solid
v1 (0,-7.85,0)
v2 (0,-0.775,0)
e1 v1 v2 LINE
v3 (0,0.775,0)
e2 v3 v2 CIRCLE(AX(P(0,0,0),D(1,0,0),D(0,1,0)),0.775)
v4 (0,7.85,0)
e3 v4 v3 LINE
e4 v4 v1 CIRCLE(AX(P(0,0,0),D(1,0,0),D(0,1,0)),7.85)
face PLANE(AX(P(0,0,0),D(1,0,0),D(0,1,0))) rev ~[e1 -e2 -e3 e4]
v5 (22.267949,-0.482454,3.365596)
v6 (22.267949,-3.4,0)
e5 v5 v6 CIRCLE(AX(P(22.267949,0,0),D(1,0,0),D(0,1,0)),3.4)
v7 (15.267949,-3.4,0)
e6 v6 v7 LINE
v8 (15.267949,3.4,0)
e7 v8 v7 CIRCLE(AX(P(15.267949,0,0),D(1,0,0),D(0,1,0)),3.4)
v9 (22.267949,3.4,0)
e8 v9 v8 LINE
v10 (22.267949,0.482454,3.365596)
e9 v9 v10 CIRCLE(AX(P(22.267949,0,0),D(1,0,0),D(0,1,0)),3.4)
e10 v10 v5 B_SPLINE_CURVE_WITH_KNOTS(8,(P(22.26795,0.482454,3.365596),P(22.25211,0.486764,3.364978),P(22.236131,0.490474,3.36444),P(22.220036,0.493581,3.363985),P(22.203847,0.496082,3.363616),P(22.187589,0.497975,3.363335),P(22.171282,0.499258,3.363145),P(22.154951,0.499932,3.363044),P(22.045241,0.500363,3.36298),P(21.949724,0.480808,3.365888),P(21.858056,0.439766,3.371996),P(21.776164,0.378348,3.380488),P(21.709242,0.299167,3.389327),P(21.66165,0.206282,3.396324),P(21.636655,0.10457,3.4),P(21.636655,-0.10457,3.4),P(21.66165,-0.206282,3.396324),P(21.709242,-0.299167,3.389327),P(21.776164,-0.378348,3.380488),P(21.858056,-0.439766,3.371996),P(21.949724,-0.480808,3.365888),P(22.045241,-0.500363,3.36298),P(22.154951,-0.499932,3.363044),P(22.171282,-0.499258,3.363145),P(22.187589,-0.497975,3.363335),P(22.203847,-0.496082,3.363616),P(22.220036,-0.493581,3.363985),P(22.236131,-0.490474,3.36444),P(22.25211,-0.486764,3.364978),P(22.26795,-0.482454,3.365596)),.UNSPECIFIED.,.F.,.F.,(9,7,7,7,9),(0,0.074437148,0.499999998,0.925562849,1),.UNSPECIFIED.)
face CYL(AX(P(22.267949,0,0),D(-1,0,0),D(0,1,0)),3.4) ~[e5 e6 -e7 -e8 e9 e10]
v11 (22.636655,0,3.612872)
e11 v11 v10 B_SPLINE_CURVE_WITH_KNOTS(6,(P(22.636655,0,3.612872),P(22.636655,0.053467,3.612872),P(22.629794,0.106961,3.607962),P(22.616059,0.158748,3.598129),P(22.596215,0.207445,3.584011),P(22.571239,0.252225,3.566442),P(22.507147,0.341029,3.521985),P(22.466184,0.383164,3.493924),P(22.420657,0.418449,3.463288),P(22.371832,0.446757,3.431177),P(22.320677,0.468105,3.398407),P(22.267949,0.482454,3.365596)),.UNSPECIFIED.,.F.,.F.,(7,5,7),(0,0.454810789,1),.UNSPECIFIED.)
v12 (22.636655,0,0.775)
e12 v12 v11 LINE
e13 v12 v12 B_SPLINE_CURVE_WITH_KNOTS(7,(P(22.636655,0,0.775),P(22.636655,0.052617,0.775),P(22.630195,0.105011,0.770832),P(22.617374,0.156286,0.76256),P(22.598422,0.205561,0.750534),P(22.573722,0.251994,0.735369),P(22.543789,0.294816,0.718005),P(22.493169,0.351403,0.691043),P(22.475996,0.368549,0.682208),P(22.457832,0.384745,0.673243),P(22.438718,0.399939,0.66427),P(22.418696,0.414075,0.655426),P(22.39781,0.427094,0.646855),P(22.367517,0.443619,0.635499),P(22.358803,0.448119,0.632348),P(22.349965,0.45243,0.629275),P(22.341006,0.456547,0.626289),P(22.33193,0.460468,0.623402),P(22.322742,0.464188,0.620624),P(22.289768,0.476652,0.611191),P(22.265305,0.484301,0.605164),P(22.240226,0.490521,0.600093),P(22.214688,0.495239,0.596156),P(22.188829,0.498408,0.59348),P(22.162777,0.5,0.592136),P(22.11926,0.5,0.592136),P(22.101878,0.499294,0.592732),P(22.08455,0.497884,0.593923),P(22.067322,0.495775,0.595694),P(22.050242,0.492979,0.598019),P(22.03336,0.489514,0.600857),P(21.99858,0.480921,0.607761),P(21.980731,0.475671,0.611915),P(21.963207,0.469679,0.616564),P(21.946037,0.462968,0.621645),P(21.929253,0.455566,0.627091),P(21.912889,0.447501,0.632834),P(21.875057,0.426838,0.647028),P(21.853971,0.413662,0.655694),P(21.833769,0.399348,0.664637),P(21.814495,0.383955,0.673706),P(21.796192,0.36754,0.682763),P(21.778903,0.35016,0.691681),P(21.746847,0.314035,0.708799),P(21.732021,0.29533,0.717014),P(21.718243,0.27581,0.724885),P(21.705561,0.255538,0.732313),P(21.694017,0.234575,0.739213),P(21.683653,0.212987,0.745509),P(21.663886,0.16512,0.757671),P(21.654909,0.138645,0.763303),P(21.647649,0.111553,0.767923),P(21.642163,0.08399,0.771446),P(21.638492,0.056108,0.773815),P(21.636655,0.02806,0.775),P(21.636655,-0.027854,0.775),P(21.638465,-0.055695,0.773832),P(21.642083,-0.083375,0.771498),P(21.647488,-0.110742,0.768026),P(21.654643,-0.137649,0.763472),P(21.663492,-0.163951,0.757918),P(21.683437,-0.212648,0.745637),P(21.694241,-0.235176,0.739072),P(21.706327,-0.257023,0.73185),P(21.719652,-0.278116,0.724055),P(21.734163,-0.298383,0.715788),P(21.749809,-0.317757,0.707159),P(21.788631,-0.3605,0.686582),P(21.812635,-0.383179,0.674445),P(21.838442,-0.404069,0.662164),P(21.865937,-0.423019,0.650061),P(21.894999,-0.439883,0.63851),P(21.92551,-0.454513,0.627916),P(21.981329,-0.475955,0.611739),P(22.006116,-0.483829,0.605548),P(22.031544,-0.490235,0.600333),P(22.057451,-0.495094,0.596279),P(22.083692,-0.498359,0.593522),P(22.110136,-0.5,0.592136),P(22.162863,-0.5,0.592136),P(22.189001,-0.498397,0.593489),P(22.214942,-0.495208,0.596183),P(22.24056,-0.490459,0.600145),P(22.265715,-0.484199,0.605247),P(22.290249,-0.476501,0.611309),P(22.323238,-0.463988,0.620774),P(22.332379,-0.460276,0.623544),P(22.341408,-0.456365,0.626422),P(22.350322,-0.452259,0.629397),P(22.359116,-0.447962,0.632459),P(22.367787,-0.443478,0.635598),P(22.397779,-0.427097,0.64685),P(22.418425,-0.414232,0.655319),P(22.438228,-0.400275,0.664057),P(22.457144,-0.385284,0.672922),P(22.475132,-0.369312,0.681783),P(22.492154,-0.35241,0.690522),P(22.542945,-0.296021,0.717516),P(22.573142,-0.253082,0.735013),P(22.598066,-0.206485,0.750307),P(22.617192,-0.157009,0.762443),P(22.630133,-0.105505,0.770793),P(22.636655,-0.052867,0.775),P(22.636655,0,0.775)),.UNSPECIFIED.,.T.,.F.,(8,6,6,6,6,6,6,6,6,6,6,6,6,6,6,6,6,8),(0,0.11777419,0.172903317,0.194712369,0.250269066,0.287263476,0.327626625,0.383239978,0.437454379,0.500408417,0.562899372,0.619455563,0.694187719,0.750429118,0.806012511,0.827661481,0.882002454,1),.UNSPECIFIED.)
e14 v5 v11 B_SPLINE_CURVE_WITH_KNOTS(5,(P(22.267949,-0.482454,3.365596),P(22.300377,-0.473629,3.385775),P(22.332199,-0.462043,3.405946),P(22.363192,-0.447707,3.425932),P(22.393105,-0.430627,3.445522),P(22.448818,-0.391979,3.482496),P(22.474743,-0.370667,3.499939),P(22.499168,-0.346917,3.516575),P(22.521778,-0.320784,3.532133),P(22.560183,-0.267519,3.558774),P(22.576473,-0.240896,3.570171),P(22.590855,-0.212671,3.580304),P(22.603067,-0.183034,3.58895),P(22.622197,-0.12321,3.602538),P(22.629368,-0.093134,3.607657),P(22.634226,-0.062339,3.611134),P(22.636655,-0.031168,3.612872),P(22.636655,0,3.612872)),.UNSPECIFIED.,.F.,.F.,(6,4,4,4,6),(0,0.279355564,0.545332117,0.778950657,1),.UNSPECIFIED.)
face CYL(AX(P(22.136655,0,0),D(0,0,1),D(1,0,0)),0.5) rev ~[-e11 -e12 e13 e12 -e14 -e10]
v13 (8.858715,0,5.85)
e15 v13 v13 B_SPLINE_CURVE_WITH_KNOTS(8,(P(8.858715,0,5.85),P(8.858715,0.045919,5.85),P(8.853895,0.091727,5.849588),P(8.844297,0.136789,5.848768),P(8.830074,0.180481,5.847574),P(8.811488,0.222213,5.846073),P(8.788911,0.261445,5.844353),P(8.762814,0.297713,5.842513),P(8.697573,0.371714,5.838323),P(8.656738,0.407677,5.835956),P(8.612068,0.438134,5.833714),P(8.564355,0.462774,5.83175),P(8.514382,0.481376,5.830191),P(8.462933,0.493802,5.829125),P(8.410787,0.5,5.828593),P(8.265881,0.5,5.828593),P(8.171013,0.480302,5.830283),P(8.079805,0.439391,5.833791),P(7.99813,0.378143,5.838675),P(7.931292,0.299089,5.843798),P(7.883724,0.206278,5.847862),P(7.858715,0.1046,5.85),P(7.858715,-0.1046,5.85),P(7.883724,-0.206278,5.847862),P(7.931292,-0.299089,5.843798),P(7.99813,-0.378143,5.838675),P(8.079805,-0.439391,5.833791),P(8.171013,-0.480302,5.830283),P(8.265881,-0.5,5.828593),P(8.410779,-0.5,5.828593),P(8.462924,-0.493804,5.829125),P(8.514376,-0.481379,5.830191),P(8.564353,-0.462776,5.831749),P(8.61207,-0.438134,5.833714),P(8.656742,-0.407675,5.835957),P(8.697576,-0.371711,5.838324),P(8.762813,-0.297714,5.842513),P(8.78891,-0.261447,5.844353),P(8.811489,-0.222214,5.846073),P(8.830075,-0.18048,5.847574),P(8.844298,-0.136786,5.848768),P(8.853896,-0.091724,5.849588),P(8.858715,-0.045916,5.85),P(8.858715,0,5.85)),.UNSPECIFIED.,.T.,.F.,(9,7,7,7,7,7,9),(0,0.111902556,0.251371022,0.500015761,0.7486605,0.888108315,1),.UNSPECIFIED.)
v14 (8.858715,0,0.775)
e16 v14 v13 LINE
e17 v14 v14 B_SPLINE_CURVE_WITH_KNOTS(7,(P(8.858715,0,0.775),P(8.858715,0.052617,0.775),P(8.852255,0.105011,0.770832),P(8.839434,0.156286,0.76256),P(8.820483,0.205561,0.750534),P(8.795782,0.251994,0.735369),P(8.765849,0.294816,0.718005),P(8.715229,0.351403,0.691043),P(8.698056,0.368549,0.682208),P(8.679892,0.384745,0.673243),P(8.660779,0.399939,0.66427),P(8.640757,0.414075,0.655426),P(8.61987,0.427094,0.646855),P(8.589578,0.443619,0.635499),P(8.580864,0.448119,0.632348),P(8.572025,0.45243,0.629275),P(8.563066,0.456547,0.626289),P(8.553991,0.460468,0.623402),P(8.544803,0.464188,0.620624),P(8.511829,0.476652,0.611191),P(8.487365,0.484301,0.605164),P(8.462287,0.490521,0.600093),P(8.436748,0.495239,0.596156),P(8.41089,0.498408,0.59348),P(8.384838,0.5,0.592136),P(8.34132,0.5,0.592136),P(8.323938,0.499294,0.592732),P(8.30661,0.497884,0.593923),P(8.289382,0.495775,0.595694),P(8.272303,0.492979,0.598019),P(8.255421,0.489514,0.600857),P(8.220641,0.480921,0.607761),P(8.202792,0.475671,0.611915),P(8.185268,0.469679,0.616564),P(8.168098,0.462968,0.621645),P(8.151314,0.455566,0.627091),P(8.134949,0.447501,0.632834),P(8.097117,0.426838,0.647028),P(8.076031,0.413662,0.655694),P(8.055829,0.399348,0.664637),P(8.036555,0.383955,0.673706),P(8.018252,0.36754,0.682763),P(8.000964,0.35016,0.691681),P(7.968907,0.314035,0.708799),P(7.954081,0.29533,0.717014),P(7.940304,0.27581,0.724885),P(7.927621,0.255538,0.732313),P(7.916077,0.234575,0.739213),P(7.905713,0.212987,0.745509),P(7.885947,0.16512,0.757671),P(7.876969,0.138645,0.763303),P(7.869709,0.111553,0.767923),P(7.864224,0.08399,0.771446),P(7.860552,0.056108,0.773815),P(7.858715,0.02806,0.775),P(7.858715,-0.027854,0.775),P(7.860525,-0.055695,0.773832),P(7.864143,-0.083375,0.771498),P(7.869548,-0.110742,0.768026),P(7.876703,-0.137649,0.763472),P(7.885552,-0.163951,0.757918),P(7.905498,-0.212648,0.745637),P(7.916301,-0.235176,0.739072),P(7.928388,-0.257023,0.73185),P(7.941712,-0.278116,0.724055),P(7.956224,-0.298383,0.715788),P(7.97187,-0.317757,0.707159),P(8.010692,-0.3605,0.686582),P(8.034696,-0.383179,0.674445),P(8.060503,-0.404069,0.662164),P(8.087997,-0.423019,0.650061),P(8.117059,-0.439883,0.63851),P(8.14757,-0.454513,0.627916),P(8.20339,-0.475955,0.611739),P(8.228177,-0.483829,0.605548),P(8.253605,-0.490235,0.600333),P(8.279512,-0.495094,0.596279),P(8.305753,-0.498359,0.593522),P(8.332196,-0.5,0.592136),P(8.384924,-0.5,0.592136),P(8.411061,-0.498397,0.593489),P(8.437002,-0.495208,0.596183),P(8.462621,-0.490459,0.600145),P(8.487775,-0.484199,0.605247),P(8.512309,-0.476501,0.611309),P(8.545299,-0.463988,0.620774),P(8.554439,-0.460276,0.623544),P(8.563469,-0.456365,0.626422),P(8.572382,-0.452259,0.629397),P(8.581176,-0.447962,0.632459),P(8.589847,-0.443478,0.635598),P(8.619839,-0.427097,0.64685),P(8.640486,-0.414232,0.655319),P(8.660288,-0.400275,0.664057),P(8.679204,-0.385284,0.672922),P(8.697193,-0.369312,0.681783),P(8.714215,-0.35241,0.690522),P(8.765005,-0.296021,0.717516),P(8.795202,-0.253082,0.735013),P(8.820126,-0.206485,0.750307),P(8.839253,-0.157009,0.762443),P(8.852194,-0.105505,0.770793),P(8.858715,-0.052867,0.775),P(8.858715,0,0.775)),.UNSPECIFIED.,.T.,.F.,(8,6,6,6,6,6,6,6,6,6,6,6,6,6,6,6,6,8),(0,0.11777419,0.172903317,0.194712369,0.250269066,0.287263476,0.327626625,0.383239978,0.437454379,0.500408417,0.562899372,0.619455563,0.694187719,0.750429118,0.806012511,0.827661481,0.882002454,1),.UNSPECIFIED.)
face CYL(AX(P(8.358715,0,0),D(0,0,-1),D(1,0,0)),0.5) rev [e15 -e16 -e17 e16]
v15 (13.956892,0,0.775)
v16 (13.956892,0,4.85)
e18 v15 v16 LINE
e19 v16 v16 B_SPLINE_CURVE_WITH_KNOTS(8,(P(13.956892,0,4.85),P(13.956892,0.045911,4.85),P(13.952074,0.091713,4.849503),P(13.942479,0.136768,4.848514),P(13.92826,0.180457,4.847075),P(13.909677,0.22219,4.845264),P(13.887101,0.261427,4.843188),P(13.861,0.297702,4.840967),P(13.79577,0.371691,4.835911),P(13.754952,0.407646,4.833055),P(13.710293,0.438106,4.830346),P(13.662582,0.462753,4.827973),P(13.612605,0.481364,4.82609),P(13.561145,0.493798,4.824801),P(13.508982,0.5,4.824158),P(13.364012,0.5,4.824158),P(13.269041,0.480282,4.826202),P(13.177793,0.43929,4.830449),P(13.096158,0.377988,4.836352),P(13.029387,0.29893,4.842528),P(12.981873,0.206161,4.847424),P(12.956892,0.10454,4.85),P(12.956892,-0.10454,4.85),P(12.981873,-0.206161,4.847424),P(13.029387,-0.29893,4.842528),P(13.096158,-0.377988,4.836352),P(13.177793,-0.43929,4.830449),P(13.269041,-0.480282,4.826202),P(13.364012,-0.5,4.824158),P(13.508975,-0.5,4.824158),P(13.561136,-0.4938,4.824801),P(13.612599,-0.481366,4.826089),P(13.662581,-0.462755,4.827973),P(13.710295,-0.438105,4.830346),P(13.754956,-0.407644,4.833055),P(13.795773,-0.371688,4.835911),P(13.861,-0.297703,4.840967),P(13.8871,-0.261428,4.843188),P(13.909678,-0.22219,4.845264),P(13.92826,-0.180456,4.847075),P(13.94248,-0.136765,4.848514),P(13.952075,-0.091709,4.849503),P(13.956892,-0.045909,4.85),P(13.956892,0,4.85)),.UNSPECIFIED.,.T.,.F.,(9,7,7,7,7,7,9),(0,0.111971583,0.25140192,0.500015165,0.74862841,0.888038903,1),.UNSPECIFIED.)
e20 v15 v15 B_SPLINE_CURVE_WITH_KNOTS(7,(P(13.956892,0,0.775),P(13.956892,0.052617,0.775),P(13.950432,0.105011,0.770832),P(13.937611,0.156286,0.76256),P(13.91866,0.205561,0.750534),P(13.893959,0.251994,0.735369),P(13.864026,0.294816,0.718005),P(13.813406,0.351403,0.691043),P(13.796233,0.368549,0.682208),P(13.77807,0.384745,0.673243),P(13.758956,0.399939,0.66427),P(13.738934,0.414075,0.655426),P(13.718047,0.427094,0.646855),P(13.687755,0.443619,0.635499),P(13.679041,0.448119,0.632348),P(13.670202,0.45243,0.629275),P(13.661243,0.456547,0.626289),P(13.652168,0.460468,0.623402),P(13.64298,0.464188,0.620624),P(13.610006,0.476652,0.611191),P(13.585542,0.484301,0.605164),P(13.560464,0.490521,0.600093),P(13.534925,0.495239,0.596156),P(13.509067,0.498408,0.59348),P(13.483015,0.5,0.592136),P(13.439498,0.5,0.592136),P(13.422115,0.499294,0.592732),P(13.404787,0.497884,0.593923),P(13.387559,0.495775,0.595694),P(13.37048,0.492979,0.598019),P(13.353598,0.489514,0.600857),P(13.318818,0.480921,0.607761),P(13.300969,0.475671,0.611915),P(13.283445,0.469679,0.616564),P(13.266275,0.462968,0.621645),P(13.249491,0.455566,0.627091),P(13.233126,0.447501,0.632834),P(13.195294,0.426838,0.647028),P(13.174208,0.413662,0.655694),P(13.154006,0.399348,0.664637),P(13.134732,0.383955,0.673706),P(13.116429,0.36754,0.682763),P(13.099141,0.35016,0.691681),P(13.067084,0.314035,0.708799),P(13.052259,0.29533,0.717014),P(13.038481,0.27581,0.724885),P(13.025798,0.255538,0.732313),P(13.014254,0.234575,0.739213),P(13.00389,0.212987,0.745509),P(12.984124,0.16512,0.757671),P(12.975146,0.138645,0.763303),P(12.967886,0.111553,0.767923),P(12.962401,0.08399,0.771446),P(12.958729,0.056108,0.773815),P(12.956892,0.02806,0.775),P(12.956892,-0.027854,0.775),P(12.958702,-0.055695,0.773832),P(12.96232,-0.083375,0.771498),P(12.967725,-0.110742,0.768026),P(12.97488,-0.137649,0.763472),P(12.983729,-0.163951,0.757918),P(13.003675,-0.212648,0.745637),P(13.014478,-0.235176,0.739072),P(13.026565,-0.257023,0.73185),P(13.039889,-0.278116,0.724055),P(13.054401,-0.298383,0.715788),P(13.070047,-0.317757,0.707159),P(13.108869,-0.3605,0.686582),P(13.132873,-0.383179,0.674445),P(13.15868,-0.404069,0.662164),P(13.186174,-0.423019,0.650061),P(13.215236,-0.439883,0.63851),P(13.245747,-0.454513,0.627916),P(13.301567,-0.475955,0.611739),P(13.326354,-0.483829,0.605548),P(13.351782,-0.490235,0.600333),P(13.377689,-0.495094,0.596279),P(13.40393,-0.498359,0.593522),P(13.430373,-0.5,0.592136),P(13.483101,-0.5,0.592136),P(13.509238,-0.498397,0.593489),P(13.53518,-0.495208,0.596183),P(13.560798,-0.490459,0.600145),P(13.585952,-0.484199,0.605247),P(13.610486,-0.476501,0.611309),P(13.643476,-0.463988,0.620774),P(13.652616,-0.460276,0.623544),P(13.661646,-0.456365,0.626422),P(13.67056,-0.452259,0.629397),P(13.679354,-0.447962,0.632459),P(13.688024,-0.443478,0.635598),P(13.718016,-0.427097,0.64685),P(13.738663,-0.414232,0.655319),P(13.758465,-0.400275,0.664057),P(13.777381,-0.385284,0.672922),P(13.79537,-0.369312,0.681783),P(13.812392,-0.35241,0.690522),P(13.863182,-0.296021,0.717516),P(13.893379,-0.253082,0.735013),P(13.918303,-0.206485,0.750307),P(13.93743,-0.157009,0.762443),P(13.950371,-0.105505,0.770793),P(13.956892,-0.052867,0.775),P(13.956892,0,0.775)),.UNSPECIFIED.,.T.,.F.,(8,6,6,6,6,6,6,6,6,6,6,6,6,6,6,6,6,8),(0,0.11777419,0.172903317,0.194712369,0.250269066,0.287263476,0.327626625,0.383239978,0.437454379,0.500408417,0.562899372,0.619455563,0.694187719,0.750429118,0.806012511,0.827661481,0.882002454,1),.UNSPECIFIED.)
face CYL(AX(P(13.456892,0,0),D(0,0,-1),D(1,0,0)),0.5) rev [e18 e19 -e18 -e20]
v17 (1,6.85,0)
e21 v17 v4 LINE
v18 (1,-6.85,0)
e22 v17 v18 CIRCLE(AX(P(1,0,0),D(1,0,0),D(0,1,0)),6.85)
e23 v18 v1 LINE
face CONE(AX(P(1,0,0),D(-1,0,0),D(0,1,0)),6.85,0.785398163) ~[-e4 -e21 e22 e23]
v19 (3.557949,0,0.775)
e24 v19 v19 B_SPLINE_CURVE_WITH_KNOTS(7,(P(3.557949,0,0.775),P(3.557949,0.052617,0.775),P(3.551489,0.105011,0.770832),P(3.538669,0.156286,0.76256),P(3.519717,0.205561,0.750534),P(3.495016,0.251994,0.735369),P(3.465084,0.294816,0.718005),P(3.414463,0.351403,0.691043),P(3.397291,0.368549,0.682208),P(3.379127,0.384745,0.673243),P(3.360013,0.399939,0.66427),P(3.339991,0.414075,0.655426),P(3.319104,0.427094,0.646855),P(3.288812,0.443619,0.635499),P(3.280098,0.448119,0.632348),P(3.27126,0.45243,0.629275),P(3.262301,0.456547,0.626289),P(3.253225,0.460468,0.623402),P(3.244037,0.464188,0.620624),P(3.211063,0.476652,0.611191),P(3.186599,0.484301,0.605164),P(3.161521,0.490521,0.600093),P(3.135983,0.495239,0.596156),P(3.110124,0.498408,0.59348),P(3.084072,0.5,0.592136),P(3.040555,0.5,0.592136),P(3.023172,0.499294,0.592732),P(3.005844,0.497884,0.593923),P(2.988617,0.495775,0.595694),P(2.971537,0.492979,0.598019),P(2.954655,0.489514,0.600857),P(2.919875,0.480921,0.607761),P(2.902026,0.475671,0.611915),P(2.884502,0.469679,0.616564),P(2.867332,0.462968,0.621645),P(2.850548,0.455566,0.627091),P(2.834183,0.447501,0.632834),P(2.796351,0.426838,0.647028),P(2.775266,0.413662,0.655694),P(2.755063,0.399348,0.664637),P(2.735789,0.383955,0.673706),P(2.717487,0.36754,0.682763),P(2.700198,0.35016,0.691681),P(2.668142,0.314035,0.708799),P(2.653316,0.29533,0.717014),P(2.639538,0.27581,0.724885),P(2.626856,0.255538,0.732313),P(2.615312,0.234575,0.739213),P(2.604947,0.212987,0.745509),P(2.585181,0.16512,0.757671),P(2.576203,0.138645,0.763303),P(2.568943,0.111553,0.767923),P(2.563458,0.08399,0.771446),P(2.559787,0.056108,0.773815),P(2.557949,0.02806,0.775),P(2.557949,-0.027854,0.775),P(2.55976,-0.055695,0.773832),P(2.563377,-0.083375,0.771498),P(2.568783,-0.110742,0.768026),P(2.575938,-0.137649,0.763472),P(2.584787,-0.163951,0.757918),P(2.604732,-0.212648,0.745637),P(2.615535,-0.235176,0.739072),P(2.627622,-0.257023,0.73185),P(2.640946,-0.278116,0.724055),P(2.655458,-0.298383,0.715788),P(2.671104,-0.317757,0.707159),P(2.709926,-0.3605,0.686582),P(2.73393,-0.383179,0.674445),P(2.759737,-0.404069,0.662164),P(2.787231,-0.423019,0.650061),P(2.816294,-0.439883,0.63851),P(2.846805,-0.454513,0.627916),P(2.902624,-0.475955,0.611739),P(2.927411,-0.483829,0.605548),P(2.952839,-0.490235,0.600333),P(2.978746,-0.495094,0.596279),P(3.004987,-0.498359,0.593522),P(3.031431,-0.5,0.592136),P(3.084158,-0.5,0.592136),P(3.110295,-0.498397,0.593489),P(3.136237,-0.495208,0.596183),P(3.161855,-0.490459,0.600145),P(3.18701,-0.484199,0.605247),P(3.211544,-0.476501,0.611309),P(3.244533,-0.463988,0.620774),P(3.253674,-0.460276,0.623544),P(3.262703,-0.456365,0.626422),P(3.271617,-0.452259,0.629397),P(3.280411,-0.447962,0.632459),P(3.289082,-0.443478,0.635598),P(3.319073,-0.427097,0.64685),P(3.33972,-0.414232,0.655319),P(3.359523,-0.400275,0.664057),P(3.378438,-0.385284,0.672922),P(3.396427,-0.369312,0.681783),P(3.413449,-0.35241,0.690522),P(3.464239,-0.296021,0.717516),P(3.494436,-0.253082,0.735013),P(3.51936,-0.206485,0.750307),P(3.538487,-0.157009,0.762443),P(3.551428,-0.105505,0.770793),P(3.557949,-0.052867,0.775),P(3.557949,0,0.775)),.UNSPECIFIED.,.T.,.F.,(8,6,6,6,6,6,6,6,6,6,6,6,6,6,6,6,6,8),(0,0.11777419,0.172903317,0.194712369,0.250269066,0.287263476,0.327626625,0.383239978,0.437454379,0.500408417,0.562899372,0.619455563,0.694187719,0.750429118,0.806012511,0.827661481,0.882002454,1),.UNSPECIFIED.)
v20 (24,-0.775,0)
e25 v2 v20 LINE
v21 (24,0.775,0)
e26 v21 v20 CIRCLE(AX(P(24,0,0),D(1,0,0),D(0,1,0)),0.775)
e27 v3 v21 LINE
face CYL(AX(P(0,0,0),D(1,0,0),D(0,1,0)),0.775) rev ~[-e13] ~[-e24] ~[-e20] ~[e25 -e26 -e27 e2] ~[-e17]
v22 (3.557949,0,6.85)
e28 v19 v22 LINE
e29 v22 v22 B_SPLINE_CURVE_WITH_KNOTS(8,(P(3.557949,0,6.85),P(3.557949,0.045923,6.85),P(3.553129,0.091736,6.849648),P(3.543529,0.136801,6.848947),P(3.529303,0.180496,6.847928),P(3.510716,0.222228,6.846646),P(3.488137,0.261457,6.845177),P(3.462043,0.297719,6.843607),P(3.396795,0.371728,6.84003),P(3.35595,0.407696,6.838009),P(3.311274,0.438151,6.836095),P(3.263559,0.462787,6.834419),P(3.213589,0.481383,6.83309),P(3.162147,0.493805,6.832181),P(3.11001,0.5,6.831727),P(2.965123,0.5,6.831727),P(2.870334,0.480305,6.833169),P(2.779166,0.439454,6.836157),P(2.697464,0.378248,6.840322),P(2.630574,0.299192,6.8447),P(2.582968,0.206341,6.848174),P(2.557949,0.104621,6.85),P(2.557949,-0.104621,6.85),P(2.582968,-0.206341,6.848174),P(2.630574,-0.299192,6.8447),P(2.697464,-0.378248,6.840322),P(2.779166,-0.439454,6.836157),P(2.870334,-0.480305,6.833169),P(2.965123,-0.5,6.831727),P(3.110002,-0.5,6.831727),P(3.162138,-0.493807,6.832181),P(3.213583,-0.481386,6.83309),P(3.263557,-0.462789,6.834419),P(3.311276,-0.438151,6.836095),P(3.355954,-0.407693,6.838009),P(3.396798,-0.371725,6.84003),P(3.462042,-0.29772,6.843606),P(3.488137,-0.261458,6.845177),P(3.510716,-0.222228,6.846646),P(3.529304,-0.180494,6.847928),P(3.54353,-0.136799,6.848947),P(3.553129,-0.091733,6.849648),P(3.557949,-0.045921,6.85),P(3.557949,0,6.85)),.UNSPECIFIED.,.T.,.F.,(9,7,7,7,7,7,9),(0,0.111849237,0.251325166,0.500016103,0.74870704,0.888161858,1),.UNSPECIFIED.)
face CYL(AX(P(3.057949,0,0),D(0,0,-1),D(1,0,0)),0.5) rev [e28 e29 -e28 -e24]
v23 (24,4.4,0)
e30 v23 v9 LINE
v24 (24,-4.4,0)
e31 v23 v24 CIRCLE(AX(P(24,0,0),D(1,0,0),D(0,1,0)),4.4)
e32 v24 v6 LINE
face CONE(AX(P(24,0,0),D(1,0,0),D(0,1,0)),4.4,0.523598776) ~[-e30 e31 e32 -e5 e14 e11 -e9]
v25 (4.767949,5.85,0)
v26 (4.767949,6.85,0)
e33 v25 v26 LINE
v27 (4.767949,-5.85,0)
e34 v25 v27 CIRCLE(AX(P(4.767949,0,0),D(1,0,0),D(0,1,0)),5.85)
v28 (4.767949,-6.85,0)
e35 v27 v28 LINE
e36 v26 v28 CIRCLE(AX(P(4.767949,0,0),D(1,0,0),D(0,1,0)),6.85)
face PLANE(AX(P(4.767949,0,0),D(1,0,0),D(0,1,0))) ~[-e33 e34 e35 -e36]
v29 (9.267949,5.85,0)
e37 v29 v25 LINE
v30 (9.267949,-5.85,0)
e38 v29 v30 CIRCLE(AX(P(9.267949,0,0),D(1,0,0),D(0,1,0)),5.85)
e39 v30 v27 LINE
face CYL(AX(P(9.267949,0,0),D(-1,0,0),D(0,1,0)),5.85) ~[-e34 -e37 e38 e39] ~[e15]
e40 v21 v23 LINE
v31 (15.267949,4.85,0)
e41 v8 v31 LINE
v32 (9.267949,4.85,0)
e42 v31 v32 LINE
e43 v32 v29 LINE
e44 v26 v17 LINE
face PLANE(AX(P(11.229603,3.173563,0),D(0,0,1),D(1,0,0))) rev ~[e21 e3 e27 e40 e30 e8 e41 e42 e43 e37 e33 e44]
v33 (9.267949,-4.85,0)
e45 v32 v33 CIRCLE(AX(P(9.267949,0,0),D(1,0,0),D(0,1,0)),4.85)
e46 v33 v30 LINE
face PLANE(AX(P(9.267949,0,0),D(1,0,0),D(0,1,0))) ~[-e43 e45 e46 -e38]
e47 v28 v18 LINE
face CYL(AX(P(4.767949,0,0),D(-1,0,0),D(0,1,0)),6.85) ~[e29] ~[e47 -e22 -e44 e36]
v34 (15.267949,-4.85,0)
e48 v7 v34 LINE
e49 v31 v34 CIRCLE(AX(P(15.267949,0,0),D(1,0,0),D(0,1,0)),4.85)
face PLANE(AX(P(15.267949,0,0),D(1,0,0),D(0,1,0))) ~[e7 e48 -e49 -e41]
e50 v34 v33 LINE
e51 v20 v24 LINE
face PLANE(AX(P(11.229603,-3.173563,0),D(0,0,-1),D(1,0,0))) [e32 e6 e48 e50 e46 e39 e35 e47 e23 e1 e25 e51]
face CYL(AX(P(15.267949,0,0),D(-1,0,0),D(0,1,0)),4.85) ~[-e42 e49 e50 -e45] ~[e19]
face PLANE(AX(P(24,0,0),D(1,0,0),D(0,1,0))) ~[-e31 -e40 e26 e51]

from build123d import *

# Parameters (mm, degrees)
F1_ANGLE_BACK = 90
F1_ANGLE      = 180
F2_R          = 0.5
F3_DEPTH      = 12.5


with BuildPart() as f1:
    # F0 (on Front) → F1 (revolve)
    with BuildSketch(Plane.XZ, mode=Mode.PRIVATE) as f1_sk:
        Polygon((1, 6.85), (0, 7.85), (0, 0.775), (24, 0.775), (24, 4.4), (22.2679491924, 3.4), (15.2679491924, 3.4), (15.2679491924, 4.85), (9.2679491924, 4.85), (9.2679491924, 5.85), (4.7679491924, 5.85), (4.7679491924, 6.85), align=None)
    revolve(f1_sk.sketch.rotate(Axis((6.0447262343, 0, 0), (1, 0, 0)), -F1_ANGLE_BACK), axis=Axis((6.0447262343, 0, 0), (1, 0, 0)), revolution_arc=F1_ANGLE)

    # F2 (on Top) → F3 (cut, symmetric)
    with BuildSketch(Plane.XY):
        with Locations((3.0579494778, 0)):
            Circle(F2_R)
        with Locations((8.3587151021, 0)):
            Circle(F2_R)
        with Locations((13.4568922222, 0)):
            Circle(F2_R)
        with Locations((22.1366547048, 0)):
            Circle(F2_R)
    extrude(amount=F3_DEPTH, both=True, mode=Mode.SUBTRACT)


solid = f1.part
